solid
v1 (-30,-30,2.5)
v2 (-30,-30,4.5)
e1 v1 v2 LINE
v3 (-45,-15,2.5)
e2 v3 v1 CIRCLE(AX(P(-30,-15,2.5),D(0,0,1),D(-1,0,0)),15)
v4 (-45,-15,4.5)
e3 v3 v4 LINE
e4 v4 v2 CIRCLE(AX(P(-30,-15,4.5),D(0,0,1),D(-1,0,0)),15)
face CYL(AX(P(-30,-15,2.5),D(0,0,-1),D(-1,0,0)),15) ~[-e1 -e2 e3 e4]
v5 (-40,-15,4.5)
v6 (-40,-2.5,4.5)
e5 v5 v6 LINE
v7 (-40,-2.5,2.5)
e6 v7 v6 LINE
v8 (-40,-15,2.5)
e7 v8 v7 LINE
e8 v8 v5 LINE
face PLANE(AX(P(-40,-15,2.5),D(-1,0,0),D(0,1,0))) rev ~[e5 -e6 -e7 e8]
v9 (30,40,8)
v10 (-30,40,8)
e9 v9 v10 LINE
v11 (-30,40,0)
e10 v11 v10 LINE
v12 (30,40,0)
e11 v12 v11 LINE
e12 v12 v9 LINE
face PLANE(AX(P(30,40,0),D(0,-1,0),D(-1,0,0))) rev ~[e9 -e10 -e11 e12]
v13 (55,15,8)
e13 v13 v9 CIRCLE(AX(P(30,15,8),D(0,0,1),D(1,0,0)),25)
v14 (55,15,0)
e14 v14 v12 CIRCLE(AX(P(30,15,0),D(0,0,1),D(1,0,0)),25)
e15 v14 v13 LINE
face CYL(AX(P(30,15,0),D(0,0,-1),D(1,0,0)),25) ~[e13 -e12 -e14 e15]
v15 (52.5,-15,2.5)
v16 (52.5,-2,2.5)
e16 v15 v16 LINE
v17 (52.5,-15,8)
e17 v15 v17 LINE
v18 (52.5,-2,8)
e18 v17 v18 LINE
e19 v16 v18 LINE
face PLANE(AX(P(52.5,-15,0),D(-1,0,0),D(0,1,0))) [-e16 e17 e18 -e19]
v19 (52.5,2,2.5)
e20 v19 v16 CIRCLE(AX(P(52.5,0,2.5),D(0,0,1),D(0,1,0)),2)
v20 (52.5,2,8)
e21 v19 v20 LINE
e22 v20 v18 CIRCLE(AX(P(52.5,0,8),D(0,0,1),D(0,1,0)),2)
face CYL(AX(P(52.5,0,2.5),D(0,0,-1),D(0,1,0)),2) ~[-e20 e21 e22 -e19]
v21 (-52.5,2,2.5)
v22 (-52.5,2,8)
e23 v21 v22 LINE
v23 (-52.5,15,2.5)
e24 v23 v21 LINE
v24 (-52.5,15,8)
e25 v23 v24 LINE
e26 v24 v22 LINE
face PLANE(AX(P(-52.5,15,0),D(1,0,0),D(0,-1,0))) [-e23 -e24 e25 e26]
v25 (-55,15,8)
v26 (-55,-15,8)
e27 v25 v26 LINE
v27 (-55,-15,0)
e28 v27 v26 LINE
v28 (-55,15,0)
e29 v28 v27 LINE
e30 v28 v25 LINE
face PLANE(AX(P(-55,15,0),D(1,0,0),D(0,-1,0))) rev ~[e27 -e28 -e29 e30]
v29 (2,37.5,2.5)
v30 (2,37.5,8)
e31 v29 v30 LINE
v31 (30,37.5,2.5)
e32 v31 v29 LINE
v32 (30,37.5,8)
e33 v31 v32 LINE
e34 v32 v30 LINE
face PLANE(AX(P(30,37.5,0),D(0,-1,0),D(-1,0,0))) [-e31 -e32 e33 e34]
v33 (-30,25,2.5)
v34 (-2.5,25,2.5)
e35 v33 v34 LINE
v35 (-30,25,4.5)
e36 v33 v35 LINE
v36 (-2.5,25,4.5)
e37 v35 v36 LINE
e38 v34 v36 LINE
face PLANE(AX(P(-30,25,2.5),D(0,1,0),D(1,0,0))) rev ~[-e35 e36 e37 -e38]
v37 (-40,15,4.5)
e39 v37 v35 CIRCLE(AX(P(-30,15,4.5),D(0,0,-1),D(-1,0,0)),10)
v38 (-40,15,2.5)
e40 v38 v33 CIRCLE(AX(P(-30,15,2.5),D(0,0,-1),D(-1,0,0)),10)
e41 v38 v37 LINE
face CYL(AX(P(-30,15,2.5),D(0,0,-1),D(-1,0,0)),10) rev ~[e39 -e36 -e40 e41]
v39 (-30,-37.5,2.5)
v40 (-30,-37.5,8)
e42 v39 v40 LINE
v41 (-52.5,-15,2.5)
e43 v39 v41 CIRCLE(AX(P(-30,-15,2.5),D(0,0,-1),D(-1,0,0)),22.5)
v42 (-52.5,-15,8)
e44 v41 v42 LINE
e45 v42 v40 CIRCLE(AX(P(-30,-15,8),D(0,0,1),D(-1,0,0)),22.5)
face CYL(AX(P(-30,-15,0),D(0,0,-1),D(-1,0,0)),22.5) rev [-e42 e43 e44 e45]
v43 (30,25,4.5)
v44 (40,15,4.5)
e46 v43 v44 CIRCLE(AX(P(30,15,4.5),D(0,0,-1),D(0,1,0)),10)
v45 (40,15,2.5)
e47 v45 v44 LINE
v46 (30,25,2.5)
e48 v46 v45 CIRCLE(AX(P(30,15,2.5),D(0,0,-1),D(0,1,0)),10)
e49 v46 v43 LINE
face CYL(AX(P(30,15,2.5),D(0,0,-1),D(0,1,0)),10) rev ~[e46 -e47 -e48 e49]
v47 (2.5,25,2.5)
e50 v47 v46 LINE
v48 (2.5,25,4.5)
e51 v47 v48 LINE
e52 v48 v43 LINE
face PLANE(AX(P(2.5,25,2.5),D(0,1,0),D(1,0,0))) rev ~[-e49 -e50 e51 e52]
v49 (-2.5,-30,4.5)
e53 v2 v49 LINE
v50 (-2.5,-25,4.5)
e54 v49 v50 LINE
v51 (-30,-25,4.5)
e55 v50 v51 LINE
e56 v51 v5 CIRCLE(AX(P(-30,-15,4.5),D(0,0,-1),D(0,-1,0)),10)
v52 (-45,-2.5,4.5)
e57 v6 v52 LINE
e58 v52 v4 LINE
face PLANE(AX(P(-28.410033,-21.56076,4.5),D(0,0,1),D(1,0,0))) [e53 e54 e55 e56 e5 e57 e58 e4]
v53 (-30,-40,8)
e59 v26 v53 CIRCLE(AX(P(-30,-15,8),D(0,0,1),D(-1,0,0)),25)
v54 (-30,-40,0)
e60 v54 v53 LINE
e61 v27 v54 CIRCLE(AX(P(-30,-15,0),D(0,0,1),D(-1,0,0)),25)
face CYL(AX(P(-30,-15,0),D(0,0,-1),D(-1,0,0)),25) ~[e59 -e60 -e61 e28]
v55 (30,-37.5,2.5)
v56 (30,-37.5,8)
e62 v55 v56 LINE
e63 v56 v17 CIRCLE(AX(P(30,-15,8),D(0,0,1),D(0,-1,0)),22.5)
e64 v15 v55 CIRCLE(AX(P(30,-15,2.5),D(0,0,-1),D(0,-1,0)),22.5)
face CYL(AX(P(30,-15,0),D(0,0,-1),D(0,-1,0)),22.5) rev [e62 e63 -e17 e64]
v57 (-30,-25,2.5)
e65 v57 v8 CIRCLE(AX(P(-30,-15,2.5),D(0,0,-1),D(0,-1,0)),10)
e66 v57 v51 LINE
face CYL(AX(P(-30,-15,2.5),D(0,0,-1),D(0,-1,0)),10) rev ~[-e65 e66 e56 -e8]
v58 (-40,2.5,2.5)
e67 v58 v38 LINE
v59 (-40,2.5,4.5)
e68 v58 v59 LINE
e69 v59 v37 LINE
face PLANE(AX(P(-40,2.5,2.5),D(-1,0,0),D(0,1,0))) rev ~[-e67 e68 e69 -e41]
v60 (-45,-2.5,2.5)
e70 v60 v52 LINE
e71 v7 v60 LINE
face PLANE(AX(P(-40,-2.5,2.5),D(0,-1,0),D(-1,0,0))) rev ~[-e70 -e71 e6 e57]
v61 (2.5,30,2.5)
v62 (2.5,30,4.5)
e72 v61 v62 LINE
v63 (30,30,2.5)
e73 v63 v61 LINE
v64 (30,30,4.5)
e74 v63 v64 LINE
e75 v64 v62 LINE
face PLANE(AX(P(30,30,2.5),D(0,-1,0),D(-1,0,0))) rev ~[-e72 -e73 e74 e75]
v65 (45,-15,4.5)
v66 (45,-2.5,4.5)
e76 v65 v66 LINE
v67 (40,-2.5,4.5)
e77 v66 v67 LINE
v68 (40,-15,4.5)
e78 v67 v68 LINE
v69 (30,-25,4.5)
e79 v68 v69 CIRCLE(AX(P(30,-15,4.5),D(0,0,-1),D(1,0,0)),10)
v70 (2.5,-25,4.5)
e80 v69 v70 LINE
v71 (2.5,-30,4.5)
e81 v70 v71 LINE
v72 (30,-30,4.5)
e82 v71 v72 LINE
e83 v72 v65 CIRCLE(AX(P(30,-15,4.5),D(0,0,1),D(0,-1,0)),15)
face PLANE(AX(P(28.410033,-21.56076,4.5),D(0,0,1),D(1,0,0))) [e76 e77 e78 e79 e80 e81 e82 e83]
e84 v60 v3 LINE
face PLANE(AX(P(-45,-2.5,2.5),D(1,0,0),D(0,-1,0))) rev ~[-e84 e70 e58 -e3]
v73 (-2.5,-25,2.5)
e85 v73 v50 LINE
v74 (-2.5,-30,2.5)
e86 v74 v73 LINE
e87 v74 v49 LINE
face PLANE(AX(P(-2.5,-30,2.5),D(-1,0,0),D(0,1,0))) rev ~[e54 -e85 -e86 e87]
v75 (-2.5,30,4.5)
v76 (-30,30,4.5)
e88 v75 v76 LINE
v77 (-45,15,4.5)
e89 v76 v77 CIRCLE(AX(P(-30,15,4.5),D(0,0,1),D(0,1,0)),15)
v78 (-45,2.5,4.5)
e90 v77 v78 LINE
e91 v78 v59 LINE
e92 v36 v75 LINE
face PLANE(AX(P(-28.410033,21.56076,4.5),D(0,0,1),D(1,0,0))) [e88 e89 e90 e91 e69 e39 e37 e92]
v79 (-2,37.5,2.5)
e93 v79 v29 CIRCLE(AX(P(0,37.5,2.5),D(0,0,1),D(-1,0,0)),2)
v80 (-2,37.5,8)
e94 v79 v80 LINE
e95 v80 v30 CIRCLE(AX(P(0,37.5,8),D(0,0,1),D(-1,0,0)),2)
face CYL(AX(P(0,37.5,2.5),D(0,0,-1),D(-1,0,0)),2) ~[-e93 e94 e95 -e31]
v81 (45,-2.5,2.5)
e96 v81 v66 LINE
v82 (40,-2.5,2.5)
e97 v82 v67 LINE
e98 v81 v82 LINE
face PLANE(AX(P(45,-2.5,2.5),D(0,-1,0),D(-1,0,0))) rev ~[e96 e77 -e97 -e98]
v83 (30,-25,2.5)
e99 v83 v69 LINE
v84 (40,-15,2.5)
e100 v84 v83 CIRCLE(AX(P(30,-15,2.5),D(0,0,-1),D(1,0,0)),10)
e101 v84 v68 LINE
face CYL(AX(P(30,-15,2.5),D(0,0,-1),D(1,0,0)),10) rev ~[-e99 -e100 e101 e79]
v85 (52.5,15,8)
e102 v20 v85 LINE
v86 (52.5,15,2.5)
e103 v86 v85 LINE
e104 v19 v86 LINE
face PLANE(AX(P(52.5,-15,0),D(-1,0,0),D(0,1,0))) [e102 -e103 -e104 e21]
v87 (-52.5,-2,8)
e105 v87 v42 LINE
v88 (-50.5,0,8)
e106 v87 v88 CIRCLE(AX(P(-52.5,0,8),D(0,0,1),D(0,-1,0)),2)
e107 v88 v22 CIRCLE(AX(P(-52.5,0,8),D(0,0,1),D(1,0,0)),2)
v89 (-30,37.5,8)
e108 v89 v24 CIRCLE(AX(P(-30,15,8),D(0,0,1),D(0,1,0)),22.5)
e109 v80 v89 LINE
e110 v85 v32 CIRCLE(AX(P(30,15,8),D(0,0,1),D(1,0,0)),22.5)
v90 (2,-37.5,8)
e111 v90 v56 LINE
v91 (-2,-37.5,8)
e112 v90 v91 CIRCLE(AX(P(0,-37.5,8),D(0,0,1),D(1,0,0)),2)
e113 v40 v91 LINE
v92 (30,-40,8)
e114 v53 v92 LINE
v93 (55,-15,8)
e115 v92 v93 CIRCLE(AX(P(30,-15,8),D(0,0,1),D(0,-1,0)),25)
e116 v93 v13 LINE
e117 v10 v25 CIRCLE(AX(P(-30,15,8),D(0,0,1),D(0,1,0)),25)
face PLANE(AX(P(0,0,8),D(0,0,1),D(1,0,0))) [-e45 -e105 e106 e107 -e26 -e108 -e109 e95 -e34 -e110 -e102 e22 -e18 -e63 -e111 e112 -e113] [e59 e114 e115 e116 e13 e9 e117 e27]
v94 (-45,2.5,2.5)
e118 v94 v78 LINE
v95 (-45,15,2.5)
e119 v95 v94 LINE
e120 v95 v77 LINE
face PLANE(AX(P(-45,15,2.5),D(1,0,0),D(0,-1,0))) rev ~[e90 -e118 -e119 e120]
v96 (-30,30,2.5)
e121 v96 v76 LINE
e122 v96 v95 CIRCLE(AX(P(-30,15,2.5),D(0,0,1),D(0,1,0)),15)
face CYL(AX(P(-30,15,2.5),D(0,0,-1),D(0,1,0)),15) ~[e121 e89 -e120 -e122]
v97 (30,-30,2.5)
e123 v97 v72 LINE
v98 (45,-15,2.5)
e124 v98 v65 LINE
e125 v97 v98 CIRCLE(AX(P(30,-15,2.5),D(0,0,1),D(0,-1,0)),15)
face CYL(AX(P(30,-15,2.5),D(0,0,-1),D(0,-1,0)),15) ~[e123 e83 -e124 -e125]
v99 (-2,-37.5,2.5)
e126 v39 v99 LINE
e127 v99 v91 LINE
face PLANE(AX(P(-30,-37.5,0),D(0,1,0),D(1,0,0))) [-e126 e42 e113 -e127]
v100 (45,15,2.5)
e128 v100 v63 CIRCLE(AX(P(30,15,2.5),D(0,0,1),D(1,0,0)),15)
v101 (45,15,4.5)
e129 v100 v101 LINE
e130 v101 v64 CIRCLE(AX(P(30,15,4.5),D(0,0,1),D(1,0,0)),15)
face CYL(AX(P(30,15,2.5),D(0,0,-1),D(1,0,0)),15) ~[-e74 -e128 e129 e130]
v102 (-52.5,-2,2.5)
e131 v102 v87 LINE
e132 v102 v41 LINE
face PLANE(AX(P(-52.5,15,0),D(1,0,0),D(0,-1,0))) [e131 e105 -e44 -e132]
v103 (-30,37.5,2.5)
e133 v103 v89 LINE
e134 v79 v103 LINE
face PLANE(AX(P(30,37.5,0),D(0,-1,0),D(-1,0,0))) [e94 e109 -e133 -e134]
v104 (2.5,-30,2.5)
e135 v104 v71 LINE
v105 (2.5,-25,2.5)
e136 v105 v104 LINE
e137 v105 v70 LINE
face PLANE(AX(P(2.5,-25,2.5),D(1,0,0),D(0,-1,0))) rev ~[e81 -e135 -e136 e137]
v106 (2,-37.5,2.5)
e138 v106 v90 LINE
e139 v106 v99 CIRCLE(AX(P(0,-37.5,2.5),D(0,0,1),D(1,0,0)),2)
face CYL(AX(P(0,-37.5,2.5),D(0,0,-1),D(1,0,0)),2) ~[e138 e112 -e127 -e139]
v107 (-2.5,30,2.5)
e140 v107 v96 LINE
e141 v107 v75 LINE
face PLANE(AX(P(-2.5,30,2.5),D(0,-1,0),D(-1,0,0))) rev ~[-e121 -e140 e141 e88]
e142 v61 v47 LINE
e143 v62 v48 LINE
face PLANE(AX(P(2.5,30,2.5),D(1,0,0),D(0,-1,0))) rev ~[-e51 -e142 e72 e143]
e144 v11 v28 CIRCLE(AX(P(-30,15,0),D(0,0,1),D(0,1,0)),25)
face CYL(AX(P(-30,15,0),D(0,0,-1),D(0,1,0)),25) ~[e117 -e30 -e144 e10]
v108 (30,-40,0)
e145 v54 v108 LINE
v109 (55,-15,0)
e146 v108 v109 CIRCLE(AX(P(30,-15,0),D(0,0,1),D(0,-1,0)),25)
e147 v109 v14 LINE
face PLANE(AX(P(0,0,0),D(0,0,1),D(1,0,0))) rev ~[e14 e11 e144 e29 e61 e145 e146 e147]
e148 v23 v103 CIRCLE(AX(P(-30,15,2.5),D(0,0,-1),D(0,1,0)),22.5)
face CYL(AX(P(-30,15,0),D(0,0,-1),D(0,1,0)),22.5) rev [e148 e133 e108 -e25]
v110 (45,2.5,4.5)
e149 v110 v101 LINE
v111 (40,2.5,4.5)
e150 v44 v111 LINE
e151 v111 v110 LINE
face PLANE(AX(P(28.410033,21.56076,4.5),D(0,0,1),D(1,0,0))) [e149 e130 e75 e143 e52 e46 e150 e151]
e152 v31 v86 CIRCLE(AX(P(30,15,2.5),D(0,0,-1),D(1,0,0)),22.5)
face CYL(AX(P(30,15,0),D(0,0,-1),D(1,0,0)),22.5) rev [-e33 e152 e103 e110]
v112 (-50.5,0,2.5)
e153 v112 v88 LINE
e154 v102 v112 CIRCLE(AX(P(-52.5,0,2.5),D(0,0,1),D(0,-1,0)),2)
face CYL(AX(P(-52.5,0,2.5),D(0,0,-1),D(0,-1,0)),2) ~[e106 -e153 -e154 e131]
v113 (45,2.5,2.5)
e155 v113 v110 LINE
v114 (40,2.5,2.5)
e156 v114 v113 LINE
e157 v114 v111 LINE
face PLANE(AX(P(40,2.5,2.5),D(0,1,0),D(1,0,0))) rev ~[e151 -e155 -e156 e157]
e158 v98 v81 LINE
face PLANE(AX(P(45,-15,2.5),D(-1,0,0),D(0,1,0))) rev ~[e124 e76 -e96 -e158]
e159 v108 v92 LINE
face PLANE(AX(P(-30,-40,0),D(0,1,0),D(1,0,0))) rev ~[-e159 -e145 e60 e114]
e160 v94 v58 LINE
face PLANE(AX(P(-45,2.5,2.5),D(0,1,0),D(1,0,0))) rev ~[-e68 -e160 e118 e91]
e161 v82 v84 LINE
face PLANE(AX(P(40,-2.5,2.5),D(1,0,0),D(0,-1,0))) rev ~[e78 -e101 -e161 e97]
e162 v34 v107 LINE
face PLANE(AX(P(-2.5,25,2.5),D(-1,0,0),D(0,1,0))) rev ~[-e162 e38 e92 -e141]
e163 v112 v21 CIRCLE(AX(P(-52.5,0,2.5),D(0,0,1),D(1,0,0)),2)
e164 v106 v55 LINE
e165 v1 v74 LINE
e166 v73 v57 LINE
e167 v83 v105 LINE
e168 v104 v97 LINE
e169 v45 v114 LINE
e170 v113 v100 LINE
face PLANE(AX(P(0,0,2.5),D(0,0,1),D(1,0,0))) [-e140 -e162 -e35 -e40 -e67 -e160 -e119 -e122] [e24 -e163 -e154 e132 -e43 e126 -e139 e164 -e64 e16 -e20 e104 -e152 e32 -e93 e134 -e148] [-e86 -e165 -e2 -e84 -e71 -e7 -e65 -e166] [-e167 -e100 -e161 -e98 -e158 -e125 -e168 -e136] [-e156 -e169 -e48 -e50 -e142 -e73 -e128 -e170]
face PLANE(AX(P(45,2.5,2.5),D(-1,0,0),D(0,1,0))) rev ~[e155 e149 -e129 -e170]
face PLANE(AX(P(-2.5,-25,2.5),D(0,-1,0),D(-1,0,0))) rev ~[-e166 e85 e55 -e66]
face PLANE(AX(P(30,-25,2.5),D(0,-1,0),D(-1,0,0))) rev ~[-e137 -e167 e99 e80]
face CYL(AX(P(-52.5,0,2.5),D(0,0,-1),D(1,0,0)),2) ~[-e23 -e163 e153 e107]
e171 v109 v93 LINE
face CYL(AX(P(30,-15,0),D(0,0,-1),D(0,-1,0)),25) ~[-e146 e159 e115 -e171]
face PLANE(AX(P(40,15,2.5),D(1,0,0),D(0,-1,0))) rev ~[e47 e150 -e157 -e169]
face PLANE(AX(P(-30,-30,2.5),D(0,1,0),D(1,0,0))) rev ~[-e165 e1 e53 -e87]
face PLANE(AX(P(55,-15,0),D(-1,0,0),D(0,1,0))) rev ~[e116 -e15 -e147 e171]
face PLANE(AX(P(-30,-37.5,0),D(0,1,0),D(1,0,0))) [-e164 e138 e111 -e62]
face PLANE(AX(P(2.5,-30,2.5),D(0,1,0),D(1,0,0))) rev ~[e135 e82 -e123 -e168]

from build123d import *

# Parameters (mm, degrees)
F1_DEPTH = 8
F2_T     = -2.5
F4_DEPTH = 2
F6_DEPTH = 5.5


with BuildPart() as f1:
    # F0 (on Top) → F1 (new body)
    with BuildSketch(Plane.XY):
        with BuildLine():
            Line((-30, -40), (30, -40))
            ThreePointArc((30, -40), (47.6776695297, -32.6776695297), (55, -15))
            Line((55, -15), (55, 15))
            ThreePointArc((55, 15), (47.6776695297, 32.6776695297), (30, 40))
            Line((30, 40), (-30, 40))
            ThreePointArc((-30, 40), (-47.6776695297, 32.6776695297), (-55, 15))
            Line((-55, 15), (-55, -15))
            ThreePointArc((-55, -15), (-47.6776695297, -32.6776695297), (-30, -40))
        make_face()
    extrude(amount=F1_DEPTH)

    # F2
    f2_openings = [f1.faces().sort_by_distance(p)[0] for p in [
        (0, 0, 8),
    ]]
    offset(amount=F2_T, openings=f2_openings)

    # F3 (on face) → F4 (join)
    with BuildSketch(Plane.XY.offset(2.5)):
        with BuildLine():
            Line((-45, 15), (-45, 2.5))
            Line((-45, 2.5), (-40, 2.5))
            Line((-40, 2.5), (-40, 15))
            ThreePointArc((-40, 15), (-37.0710678119, 22.0710678119), (-30, 25))
            Line((-30, 25), (-2.5, 25))
            Line((-2.5, 25), (-2.5, 30))
            Line((-2.5, 30), (-30, 30))
            ThreePointArc((-30, 30), (-40.6066017178, 25.6066017178), (-45, 15))
        make_face()
        with BuildLine():
            Line((40, 2.5), (45, 2.5))
            Line((45, 2.5), (45, 15))
            ThreePointArc((45, 15), (40.6066017178, 25.6066017178), (30, 30))
            Line((30, 30), (2.5, 30))
            Line((2.5, 30), (2.5, 25))
            Line((2.5, 25), (30, 25))
            ThreePointArc((30, 25), (37.0710678119, 22.0710678119), (40, 15))
            Line((40, 15), (40, 2.5))
        make_face()
        with BuildLine():
            Line((2.5, -30), (30, -30))
            ThreePointArc((30, -30), (40.6066017178, -25.6066017178), (45, -15))
            Line((45, -15), (45, -2.5))
            Line((45, -2.5), (40, -2.5))
            Line((40, -2.5), (40, -15))
            ThreePointArc((40, -15), (37.0710678119, -22.0710678119), (30, -25))
            Line((30, -25), (2.5, -25))
            Line((2.5, -25), (2.5, -30))
        make_face()
        with BuildLine():
            Line((-30, -30), (-2.5, -30))
            Line((-2.5, -30), (-2.5, -25))
            Line((-2.5, -25), (-30, -25))
            ThreePointArc((-30, -25), (-37.0710678119, -22.0710678119), (-40, -15))
            Line((-40, -15), (-40, -2.5))
            Line((-40, -2.5), (-45, -2.5))
            Line((-45, -2.5), (-45, -15))
            ThreePointArc((-45, -15), (-40.6066017178, -25.6066017178), (-30, -30))
        make_face()
    extrude(amount=F4_DEPTH)

    # F5 (on face) → F6 (join, through all)
    with BuildSketch(Plane.XY.offset(2.5)):
        with BuildLine():
            ThreePointArc((-2, 37.5), (0, 35.5), (2, 37.5))
            Line((2, 37.5), (-2, 37.5))
        make_face()
        with BuildLine():
            Line((52.5, -2), (52.5, 2))
            ThreePointArc((52.5, 2), (50.5, 0), (52.5, -2))
        make_face()
        with BuildLine():
            Line((-2, -37.5), (2, -37.5))
            ThreePointArc((2, -37.5), (0, -35.5), (-2, -37.5))
        make_face()
        with BuildLine():
            ThreePointArc((-50.5, 0), (-51.0857864376, 1.4142135624), (-52.5, 2))
            Line((-52.5, 2), (-52.5, -2))
            ThreePointArc((-52.5, -2), (-51.0857864376, -1.4142135624), (-50.5, 0))
        make_face()
    extrude(amount=F6_DEPTH)


solid = f1.part
